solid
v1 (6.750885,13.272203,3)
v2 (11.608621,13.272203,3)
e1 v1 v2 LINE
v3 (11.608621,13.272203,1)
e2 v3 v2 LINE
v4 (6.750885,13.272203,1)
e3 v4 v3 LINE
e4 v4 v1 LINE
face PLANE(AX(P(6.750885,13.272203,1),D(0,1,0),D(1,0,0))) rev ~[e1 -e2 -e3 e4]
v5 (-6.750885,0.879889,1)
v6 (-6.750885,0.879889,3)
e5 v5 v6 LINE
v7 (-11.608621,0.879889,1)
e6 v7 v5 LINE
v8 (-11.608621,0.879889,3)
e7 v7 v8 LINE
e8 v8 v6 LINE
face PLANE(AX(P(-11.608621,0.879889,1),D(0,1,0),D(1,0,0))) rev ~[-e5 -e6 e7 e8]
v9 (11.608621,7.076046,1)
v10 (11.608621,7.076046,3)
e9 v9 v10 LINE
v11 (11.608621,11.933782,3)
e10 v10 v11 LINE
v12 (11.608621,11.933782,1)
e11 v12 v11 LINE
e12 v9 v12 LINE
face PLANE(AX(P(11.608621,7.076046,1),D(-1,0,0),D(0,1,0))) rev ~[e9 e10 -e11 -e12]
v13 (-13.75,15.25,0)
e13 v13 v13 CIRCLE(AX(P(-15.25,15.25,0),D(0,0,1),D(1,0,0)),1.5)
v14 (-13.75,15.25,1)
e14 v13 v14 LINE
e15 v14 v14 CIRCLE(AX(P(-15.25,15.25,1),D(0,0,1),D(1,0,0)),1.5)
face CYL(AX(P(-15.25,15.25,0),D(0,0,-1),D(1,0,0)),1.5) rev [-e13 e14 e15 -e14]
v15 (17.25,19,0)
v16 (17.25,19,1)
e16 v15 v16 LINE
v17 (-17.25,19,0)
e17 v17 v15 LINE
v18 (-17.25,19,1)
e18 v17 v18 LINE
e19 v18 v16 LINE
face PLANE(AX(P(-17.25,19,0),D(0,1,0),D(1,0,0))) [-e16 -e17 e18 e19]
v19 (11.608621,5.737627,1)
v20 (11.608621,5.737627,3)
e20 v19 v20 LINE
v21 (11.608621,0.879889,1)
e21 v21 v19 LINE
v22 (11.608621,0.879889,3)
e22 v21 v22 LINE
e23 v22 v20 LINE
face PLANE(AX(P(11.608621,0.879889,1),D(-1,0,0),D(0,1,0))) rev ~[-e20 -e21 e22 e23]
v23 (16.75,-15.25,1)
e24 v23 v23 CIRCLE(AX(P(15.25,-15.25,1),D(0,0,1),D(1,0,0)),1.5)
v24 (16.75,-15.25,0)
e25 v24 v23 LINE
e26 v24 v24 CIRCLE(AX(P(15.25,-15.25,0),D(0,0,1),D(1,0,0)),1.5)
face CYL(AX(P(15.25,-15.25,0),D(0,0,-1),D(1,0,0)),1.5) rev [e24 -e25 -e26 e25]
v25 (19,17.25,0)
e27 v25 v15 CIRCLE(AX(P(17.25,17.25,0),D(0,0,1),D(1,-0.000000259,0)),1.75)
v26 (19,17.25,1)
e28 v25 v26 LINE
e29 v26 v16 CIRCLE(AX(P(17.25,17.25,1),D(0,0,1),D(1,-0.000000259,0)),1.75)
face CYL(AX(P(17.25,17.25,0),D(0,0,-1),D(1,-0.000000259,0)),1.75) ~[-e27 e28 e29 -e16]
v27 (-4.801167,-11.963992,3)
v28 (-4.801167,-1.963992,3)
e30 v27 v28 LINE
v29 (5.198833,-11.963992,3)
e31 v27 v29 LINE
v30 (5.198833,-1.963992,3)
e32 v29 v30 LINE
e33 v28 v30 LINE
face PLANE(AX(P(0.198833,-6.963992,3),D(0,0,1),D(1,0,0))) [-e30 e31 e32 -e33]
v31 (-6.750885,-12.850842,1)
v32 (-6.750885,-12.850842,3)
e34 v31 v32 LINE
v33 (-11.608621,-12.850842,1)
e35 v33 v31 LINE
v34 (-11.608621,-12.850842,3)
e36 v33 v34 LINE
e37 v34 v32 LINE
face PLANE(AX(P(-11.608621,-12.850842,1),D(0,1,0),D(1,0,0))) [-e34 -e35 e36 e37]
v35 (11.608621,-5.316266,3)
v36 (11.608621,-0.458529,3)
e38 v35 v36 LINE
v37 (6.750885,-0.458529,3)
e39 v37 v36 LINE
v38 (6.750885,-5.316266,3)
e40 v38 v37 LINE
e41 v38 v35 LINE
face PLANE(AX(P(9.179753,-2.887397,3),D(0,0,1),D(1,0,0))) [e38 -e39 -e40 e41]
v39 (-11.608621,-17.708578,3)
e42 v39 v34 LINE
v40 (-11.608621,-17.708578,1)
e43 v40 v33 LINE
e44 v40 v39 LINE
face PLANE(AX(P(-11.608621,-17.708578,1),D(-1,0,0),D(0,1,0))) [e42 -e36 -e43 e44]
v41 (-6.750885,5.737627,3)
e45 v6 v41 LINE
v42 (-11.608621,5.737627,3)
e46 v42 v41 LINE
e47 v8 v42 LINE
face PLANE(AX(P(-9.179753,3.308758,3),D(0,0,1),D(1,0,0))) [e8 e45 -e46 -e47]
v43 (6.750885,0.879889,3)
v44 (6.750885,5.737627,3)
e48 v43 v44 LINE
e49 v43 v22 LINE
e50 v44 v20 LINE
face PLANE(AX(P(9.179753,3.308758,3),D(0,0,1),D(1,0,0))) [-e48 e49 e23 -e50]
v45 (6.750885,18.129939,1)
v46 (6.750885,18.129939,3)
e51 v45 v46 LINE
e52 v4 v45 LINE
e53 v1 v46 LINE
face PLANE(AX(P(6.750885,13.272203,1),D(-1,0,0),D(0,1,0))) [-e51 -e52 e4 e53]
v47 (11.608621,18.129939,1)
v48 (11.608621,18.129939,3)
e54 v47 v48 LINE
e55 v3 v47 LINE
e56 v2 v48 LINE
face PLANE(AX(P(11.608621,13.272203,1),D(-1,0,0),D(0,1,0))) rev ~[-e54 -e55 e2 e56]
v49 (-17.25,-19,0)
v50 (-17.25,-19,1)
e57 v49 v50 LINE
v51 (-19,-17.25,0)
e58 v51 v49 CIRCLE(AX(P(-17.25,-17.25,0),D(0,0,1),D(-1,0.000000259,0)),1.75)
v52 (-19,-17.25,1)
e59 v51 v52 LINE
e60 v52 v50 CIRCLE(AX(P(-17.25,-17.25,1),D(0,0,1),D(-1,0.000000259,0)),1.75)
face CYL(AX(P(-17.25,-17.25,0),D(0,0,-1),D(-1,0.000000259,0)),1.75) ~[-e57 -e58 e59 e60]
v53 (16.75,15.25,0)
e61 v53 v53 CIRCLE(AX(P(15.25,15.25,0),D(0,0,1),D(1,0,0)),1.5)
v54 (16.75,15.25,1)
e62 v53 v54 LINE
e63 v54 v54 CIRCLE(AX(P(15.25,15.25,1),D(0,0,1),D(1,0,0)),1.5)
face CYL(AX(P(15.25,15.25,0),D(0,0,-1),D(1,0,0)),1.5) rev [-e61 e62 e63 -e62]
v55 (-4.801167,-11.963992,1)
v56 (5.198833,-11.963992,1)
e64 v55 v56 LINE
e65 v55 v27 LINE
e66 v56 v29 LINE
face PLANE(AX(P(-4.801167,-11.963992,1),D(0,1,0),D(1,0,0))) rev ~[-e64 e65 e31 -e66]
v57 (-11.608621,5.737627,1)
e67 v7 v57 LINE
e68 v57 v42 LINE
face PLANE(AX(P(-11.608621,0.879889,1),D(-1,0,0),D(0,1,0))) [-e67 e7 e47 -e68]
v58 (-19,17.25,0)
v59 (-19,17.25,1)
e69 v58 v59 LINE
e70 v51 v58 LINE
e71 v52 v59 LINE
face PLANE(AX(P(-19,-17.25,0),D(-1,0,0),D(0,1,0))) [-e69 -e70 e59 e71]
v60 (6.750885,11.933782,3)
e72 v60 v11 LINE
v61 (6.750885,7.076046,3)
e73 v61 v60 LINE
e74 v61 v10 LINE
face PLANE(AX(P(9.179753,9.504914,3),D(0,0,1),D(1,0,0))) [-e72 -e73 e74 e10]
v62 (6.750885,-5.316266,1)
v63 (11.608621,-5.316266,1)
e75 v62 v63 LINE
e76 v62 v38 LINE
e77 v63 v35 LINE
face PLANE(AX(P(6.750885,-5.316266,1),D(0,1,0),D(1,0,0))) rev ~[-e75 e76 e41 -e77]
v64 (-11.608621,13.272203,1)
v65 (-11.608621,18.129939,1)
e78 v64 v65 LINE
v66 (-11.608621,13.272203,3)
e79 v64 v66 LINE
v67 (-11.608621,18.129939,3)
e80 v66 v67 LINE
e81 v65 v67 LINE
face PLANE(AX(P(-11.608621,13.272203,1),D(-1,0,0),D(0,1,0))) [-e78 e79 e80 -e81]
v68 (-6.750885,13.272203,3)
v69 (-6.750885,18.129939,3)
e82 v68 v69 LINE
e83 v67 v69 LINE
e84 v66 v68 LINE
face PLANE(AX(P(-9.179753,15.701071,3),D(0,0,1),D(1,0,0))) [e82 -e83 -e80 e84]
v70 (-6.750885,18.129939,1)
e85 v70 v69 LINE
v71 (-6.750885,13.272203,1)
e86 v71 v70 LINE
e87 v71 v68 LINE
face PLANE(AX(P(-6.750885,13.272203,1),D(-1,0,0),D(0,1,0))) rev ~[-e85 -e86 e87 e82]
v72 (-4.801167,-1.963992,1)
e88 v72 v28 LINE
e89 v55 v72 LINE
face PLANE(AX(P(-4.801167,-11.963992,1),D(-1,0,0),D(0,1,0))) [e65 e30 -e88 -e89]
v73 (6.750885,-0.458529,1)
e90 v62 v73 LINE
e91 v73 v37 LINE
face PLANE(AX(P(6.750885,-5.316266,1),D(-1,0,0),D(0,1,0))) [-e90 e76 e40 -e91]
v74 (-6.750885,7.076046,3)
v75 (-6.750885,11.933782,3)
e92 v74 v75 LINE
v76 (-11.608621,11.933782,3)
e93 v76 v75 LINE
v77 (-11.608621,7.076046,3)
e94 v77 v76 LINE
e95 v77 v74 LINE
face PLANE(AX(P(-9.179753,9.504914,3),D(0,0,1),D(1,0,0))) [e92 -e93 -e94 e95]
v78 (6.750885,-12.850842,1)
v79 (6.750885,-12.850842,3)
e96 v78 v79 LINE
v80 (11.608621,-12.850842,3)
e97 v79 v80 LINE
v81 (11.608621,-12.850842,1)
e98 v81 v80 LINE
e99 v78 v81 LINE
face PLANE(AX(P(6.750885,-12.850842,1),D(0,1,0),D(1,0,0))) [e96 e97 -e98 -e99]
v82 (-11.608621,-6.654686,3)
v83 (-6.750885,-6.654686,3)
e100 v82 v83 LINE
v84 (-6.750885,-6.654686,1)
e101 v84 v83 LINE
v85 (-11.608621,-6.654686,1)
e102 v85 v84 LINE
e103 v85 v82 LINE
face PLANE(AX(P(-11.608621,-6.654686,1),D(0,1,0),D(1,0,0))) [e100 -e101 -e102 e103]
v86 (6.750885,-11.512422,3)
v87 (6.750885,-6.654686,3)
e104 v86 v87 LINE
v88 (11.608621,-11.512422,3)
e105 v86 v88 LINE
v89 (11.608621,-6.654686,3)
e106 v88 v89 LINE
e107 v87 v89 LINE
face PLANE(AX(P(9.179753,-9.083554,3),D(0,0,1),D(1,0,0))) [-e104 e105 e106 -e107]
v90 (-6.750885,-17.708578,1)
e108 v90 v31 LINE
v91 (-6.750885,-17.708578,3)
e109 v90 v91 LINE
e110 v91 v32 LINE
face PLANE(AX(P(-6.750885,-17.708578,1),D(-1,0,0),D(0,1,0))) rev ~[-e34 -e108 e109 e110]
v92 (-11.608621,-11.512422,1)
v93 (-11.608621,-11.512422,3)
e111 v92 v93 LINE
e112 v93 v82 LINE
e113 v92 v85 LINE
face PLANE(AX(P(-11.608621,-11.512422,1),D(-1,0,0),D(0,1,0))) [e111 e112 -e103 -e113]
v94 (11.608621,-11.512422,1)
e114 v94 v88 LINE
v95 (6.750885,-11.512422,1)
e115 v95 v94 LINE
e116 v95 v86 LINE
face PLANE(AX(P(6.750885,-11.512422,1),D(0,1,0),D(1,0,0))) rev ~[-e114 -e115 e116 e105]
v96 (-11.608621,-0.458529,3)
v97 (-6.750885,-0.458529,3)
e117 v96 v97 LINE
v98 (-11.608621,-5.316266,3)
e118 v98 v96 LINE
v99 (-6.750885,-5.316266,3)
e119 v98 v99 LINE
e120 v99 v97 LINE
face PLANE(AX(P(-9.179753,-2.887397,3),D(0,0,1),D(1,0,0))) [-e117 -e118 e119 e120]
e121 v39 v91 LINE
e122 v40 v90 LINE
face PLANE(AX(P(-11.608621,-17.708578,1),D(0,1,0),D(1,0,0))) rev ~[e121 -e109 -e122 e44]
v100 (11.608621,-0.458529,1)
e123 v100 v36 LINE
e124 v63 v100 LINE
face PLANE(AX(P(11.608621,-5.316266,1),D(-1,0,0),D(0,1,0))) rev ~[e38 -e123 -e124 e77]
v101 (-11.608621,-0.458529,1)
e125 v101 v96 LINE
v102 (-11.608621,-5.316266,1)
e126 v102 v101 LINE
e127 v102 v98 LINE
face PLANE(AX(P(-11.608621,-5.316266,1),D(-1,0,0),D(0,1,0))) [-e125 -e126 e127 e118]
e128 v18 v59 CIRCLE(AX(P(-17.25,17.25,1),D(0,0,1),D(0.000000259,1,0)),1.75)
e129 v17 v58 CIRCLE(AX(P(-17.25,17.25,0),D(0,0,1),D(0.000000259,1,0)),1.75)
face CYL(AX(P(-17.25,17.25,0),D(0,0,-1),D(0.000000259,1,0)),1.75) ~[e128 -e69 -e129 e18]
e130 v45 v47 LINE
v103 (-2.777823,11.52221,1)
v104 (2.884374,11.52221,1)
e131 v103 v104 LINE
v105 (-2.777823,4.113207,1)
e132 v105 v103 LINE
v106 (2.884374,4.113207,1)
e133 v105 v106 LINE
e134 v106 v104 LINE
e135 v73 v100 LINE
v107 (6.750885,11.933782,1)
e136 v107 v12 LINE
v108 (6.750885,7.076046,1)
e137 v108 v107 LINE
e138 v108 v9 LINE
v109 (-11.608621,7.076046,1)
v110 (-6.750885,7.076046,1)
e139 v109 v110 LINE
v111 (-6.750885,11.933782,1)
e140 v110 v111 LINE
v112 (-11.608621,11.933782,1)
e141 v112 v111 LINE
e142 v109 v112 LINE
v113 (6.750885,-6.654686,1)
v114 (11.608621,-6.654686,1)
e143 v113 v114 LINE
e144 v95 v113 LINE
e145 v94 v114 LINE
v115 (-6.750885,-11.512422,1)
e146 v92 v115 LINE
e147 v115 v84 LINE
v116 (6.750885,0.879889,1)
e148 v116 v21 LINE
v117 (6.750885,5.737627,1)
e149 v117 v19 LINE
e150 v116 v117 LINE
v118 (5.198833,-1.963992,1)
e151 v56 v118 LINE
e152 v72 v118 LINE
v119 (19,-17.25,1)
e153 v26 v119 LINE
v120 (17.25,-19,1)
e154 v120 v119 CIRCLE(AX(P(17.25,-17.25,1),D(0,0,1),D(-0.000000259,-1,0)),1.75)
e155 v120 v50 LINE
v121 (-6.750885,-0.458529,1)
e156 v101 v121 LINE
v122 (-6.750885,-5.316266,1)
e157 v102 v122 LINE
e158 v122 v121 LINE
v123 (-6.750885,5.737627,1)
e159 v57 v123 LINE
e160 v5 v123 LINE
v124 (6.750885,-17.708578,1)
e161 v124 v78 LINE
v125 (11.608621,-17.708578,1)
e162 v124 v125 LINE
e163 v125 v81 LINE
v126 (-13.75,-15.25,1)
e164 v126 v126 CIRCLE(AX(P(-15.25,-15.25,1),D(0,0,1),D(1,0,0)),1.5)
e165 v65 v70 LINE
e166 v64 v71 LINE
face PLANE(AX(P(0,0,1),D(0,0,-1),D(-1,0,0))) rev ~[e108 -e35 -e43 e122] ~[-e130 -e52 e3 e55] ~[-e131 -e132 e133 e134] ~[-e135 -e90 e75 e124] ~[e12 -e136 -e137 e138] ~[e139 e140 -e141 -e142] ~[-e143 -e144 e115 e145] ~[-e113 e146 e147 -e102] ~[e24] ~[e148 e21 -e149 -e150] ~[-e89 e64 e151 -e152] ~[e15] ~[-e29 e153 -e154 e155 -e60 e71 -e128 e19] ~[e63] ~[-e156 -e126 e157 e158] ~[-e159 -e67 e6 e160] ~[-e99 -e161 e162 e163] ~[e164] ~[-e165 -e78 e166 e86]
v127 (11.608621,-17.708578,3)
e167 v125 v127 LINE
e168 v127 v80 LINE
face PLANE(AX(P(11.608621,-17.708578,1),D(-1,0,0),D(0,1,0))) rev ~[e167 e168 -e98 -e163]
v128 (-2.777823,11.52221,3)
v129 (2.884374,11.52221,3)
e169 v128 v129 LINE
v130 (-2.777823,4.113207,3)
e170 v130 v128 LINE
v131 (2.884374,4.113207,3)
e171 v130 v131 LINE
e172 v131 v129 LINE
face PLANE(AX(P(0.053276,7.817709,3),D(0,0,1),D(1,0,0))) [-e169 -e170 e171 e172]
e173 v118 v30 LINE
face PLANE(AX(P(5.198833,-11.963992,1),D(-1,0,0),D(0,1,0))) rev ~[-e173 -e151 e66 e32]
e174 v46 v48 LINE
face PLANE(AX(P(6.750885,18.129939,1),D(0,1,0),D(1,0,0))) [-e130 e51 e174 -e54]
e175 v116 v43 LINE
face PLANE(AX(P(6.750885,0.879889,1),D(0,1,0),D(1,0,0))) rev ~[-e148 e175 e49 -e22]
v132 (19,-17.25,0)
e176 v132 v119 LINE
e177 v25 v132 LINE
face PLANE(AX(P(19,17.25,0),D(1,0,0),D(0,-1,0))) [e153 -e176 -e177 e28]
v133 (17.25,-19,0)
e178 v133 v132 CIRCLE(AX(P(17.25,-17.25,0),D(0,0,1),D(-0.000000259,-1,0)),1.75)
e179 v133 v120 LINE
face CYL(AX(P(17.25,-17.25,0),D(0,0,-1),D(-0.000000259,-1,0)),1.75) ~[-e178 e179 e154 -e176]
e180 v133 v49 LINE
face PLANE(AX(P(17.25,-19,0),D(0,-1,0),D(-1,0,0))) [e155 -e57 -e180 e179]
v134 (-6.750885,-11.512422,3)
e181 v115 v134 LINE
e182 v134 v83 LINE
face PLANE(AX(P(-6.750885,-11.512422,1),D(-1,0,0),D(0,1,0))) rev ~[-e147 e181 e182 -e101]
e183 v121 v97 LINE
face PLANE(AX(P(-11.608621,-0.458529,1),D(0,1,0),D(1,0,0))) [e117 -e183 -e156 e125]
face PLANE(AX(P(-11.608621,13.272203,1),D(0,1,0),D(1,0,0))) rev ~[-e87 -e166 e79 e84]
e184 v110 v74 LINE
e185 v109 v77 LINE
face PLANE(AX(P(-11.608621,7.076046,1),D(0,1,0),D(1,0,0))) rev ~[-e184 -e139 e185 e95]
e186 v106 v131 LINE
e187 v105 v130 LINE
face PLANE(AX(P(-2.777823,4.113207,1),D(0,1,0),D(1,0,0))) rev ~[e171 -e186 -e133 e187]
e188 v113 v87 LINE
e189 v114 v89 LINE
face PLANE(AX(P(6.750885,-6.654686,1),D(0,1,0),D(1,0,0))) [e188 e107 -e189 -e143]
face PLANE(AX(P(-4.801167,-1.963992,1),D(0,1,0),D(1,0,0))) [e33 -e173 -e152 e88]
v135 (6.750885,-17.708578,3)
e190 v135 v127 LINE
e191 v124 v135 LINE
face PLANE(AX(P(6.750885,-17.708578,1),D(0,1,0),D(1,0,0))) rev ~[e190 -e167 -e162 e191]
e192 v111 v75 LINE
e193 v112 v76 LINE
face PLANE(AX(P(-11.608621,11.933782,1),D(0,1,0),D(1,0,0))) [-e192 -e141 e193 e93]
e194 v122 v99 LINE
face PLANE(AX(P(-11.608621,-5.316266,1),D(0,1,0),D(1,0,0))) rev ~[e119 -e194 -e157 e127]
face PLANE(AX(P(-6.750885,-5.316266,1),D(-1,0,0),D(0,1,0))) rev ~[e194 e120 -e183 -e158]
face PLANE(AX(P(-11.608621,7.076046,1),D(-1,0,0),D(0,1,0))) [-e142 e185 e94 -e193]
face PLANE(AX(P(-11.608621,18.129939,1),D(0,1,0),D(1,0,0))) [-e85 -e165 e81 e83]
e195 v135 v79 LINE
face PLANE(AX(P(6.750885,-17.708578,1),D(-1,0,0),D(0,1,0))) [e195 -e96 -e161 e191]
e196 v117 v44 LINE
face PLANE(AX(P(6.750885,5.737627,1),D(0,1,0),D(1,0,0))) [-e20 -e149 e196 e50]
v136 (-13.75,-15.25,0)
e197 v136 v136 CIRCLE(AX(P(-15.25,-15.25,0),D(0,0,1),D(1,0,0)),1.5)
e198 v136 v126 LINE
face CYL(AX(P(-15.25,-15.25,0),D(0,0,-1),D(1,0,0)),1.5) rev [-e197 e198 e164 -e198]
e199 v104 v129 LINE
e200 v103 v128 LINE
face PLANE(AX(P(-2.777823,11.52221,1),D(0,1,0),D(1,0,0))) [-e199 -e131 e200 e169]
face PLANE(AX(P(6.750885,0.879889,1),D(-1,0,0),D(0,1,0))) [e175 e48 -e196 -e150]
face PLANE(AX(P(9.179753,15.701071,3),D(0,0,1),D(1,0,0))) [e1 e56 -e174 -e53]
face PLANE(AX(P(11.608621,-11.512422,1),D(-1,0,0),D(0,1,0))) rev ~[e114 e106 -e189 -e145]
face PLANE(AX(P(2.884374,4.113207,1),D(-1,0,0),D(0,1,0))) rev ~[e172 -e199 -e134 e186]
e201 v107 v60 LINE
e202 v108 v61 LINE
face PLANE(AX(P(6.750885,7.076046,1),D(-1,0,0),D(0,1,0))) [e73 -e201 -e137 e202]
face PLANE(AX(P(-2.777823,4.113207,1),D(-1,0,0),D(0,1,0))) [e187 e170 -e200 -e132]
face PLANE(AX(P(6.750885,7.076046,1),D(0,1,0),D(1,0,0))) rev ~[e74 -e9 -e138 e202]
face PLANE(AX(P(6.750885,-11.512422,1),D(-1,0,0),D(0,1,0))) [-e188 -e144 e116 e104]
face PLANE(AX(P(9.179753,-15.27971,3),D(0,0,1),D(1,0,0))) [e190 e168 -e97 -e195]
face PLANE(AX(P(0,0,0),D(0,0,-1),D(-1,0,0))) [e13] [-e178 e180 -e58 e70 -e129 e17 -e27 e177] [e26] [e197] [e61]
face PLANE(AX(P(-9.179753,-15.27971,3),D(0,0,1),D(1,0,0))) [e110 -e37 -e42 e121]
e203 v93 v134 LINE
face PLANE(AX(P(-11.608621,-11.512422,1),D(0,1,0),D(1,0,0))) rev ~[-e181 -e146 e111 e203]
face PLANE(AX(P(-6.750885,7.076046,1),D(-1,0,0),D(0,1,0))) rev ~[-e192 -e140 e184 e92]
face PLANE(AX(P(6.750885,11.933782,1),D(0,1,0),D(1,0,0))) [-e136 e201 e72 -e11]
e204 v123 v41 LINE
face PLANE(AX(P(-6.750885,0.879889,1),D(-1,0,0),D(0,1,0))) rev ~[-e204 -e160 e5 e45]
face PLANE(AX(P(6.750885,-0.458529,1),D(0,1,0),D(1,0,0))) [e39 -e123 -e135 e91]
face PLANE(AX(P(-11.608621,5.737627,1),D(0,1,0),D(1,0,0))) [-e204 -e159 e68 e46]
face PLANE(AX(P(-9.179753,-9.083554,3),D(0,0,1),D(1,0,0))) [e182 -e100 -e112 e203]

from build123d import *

# Parameters (mm, degrees)
SKETCH_R      = 1.5
PAD_DEPTH     = 1
SKETCH001_W   = 10
SKETCH001_H   = 10
SKETCH001_W_2 = 4.857736
SKETCH001_H_2 = 4.857736
SKETCH001_W_3 = 5.662197
SKETCH001_H_3 = 7.409003
SKETCH001_H_4 = 4.857737
PAD001_DEPTH  = 2


with BuildPart() as part:
    # Sketch → Pad (new body)
    with BuildSketch(Plane.XY):
        with BuildLine():
            Line((-17.25, 19), (17.25, 19))
            ThreePointArc((19, 17.25), (18.487437, 18.487437), (17.25, 19))
            Line((19, 17.25), (19, -17.25))
            ThreePointArc((17.25, -19), (18.487437, -18.487437), (19, -17.25))
            Line((17.25, -19), (-17.25, -19))
            ThreePointArc((-19, -17.25), (-18.487437, -18.487437), (-17.25, -19))
            Line((-19, -17.25), (-19, 17.25))
            ThreePointArc((-17.25, 19), (-18.487437, 18.487437), (-19, 17.25))
        make_face()
        with Locations((15.25, 15.25)):
            Circle(SKETCH_R, mode=Mode.SUBTRACT)
        with Locations((-15.25, -15.25)):
            Circle(SKETCH_R, mode=Mode.SUBTRACT)
        with Locations((-15.25, 15.25)):
            Circle(SKETCH_R, mode=Mode.SUBTRACT)
        with Locations((15.25, -15.25)):
            Circle(SKETCH_R, mode=Mode.SUBTRACT)
    extrude(amount=PAD_DEPTH)

    # Sketch001 (on Face14 of Pad) → Pad001 (join)
    with BuildSketch(Plane.XY.offset(1)):
        with Locations((0.198833, -6.963992)):
            Rectangle(SKETCH001_W, SKETCH001_H)
        with Locations((-9.179753, 15.701071)):
            Rectangle(SKETCH001_W_2, SKETCH001_H_2)
        with Locations((0.053276, 7.817709)):
            Rectangle(SKETCH001_W_3, SKETCH001_H_3)
        with Locations((-9.179753, 9.504914)):
            Rectangle(SKETCH001_W_2, SKETCH001_H_4)
        with Locations((-9.179753, 3.308758)):
            Rectangle(SKETCH001_W_2, SKETCH001_H_4)
        with Locations((-9.179753, -2.887397)):
            Rectangle(SKETCH001_W_2, SKETCH001_H_4)
        with Locations((-9.179753, -9.083554)):
            Rectangle(SKETCH001_W_2, SKETCH001_H_2)
        with Locations((-9.179753, -15.27971)):
            Rectangle(SKETCH001_W_2, SKETCH001_H_2)
        with Locations((9.179753, 15.701071)):
            Rectangle(SKETCH001_W_2, SKETCH001_H_2)
        with Locations((9.179753, 9.504914)):
            Rectangle(SKETCH001_W_2, SKETCH001_H_4)
        with Locations((9.179753, 3.308758)):
            Rectangle(SKETCH001_W_2, SKETCH001_H_4)
        with Locations((9.179753, -2.887397)):
            Rectangle(SKETCH001_W_2, SKETCH001_H_4)
        with Locations((9.179753, -9.083554)):
            Rectangle(SKETCH001_W_2, SKETCH001_H_2)
        with Locations((9.179753, -15.27971)):
            Rectangle(SKETCH001_W_2, SKETCH001_H_2)
    extrude(amount=PAD001_DEPTH)


solid = part.part
